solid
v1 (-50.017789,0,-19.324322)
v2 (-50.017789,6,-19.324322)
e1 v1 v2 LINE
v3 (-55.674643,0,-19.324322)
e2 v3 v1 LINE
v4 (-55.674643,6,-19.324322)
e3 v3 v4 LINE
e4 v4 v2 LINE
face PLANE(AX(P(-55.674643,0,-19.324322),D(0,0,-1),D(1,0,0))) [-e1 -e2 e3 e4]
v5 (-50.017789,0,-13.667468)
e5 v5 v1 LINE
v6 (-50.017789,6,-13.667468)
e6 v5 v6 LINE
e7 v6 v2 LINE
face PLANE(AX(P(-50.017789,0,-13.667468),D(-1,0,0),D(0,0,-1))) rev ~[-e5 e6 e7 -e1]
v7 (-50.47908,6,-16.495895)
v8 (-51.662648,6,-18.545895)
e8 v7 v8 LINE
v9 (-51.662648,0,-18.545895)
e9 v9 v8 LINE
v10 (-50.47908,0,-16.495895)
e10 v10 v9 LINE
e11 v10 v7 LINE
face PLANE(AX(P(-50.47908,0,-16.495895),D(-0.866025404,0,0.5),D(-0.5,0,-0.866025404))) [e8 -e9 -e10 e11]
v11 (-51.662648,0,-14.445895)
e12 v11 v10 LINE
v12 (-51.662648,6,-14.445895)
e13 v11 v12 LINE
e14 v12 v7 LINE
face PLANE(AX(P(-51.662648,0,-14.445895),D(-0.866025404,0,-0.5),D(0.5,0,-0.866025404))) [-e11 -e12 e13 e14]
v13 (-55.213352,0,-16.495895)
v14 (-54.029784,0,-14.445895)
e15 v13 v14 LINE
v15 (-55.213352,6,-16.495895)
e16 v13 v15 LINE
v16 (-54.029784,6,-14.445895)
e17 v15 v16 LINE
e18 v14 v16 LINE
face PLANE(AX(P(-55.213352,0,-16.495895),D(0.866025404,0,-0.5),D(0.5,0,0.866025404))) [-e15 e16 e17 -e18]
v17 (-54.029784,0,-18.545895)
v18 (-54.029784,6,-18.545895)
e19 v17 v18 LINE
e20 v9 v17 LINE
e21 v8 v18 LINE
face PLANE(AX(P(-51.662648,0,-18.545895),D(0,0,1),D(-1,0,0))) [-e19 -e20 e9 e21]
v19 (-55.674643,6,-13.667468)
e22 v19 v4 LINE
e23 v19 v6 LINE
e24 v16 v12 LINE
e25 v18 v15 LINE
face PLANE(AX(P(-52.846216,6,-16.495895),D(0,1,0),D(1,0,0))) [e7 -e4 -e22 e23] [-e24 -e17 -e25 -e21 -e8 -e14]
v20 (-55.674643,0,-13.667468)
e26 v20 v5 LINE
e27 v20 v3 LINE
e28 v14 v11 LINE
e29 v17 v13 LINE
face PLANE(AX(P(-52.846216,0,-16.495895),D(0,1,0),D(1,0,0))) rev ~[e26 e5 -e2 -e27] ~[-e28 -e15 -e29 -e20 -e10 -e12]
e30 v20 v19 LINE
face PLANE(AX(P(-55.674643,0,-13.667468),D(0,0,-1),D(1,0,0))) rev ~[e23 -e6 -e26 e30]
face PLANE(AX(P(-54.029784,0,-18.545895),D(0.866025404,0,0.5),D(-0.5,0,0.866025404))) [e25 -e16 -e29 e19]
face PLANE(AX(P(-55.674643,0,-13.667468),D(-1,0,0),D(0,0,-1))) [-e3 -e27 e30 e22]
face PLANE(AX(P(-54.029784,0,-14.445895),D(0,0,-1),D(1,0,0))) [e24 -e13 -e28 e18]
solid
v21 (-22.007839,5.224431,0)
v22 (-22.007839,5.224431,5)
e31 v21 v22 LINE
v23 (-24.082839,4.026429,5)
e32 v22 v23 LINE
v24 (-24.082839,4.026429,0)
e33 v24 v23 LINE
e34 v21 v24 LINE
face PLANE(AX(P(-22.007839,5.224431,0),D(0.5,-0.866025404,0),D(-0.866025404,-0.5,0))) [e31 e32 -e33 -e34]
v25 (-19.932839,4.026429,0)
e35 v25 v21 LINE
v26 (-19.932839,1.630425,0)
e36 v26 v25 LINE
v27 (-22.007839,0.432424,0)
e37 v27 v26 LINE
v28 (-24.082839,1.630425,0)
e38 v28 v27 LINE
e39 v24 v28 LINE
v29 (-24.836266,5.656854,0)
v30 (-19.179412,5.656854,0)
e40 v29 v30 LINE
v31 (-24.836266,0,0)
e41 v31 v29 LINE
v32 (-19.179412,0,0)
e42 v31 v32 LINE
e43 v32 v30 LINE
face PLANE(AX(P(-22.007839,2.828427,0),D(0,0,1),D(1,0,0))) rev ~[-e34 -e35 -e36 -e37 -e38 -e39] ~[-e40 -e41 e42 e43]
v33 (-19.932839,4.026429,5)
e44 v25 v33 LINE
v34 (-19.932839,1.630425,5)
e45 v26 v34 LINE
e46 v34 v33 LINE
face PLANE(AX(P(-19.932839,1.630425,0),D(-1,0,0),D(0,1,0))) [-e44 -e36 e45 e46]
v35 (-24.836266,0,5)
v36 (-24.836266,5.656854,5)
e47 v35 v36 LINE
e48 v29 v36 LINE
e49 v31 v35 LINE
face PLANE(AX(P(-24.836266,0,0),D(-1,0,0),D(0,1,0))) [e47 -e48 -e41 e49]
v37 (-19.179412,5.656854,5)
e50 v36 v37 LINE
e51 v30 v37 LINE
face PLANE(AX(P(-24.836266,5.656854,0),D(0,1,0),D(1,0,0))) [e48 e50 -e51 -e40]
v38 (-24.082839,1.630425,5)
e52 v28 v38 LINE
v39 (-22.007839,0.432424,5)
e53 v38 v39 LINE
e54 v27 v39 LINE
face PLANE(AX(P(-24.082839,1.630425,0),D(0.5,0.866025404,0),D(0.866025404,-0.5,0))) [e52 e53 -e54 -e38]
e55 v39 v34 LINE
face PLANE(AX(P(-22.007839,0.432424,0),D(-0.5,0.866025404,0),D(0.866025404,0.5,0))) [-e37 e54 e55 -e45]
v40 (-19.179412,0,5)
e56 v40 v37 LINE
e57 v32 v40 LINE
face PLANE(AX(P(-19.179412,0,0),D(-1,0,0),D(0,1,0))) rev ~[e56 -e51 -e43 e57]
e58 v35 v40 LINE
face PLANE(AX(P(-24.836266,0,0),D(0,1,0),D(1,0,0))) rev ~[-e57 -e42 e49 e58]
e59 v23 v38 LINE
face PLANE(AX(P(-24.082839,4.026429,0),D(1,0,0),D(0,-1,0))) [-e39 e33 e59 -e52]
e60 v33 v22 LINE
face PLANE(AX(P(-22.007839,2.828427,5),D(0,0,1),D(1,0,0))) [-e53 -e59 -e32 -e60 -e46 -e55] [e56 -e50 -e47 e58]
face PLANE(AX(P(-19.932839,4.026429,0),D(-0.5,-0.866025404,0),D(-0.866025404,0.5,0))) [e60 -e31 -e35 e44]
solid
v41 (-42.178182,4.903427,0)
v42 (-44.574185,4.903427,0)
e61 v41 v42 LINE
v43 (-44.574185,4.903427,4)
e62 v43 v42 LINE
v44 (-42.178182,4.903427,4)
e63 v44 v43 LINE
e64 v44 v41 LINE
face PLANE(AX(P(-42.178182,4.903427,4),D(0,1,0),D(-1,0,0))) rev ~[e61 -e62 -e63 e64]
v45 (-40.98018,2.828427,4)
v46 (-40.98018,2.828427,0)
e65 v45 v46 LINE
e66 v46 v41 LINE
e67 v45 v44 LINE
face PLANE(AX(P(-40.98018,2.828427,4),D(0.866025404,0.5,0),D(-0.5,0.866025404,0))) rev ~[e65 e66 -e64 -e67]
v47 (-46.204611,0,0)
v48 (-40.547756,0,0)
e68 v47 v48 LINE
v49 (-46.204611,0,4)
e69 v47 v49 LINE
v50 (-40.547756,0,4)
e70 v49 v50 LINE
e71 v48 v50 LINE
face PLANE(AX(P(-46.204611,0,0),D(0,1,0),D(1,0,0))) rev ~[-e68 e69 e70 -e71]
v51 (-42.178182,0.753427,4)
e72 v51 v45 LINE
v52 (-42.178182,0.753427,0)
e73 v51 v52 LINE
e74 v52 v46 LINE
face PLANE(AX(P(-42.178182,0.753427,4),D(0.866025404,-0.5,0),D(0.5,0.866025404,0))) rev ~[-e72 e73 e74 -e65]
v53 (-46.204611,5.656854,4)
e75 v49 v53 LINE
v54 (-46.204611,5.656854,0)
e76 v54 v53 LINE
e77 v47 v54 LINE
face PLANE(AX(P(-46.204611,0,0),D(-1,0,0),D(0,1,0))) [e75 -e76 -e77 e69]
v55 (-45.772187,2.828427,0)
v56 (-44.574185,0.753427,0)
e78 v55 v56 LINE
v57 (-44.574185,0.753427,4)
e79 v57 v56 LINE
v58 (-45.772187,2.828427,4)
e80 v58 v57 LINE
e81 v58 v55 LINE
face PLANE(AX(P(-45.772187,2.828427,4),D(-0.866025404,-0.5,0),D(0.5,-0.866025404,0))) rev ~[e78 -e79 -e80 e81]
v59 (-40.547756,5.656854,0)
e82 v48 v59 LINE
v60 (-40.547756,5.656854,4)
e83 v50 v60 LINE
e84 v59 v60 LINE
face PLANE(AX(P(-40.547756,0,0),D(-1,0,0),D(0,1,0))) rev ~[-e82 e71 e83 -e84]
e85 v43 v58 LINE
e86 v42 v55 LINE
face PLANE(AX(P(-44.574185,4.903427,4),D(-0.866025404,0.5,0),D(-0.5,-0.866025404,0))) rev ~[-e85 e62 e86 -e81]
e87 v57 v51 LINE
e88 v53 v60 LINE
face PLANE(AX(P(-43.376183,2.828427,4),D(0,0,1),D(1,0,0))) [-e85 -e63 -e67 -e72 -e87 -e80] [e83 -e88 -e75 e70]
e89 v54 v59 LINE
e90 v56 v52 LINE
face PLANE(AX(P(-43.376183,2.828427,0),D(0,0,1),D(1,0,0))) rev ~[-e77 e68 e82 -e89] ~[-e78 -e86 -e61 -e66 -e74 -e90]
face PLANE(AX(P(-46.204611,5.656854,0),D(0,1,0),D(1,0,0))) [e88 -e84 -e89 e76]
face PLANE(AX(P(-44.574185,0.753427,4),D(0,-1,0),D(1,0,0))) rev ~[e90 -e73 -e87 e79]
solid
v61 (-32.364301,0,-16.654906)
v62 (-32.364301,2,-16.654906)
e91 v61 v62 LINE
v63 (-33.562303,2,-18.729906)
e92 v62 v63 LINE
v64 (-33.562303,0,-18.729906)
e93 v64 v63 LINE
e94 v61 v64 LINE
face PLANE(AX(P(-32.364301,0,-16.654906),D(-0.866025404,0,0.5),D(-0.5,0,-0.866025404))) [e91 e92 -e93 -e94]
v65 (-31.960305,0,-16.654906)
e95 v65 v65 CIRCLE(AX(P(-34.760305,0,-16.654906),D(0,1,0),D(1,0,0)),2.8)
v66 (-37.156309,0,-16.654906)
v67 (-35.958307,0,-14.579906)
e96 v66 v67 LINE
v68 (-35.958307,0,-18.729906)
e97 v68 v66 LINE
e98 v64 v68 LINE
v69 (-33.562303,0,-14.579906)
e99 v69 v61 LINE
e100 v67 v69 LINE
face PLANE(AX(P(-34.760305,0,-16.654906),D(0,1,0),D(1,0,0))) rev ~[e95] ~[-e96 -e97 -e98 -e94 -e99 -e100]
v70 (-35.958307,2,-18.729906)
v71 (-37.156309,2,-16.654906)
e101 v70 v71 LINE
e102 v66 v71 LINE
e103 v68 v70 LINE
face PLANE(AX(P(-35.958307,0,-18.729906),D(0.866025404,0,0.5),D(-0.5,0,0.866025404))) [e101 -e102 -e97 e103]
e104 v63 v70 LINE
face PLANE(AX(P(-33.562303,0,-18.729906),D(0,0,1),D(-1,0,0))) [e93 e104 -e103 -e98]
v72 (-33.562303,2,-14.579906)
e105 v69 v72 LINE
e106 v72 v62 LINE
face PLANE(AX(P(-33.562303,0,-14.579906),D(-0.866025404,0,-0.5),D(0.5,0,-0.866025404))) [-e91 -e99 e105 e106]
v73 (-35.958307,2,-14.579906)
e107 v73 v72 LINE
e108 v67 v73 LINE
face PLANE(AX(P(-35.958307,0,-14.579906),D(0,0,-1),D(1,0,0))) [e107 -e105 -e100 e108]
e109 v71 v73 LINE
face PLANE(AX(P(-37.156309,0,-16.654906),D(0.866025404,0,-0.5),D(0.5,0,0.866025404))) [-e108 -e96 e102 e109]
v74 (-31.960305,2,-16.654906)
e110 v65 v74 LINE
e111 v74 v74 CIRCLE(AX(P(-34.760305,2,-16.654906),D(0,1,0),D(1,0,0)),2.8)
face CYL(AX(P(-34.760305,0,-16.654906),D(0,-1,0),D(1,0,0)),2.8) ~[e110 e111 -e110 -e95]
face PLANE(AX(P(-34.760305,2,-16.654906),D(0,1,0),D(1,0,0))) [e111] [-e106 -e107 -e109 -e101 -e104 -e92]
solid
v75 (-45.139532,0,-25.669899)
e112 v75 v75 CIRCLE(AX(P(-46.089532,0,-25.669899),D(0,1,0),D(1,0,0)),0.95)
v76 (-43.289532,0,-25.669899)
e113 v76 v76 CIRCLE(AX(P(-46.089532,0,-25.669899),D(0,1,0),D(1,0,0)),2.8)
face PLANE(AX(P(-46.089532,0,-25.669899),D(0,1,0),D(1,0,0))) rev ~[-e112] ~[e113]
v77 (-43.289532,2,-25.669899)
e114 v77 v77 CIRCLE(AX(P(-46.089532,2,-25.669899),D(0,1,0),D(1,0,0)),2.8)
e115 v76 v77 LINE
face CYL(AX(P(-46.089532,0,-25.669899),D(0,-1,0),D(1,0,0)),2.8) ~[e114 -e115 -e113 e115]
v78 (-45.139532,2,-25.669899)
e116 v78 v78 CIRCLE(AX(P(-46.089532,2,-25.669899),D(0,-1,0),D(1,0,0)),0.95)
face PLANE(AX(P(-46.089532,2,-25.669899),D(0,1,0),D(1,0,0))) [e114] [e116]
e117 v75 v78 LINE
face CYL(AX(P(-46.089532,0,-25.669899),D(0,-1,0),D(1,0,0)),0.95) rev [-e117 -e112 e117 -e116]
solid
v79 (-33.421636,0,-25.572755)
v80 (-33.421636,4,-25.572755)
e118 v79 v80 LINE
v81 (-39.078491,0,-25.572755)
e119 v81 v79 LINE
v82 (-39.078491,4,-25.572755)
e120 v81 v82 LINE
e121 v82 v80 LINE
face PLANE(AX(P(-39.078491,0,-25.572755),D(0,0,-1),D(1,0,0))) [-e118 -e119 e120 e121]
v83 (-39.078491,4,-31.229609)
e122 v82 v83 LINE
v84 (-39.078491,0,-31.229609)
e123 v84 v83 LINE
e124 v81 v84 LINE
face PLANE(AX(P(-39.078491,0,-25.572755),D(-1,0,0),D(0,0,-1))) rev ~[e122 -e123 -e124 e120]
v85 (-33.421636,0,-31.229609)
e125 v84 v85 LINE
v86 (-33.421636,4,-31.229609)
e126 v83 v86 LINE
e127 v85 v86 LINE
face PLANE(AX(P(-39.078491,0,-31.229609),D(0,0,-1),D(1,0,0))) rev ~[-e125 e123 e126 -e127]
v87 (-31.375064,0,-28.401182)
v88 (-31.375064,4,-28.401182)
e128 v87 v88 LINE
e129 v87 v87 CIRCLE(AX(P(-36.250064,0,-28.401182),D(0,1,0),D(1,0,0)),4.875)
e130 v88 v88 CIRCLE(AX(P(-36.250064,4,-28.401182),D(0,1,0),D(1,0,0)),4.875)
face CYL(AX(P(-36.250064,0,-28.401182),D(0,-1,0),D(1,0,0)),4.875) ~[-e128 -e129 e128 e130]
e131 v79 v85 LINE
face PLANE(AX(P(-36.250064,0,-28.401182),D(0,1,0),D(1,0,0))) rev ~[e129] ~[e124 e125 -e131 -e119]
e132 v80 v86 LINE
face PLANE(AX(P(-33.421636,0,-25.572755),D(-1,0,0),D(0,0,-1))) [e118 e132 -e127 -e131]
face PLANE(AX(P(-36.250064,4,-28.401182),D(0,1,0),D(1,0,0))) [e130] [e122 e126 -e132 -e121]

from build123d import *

# Parameters (mm, degrees)
SKETCH_1_R          = 2.8
EXTRUDE_1_DEPTH     = 6
SKETCH_1_R_2        = 0.95
EXTRUDE_1_2_DEPTH   = 6
SKETCH_1_W          = 5.656854249
SKETCH_1_H          = 5.65685425
EXTRUDE_1_3_DEPTH   = 6
SKETCH_2_R          = 2.8
CUT_EXTRUDE_1_DEPTH = 4
SKETCH_3_R          = 2.8
CUT_EXTRUDE_2_DEPTH = 4
SKETCH_4_R          = 4.875
SKETCH_4_W          = 5.656854249
SKETCH_4_H          = 5.656854249
EXTRUDE_2_DEPTH     = 4
SKETCH_7_W          = 5.65685425
SKETCH_7_H          = 5.656854249
EXTRUDE_3_DEPTH     = 4
CUT_EXTRUDE_3_DEPTH = 4
SKETCH_6_W          = 5.65685425
SKETCH_6_H          = 5.656854249
EXTRUDE_4_DEPTH     = 4
SKETCH_9_R          = 4.757341929
CUT_EXTRUDE_4_DEPTH = 4
SKETCH_15_W         = 9.812239566
SKETCH_15_H         = 9.127664712
EXTRUDE_5_DEPTH     = 4
CUT_EXTRUDE_5_DEPTH = 4
SKETCH_16_W         = 5.65685425
SKETCH_16_H         = 5.656854249
EXTRUDE_6_DEPTH     = 5


with BuildPart() as part:
    # 草图1 → 凸台-拉伸1 (new body)
    with BuildSketch(Plane(origin=(0, 0, 0), x_dir=(1, 0, 0), z_dir=(0, 1, 0))):
        with Locations((-34.760304923, 16.654905742)):
            Circle(SKETCH_1_R)
        Polygon((-32.364301306, 16.654905742), (-33.562303115, 18.729905742), (-35.958306732, 18.729905742), (-37.156308541, 16.654905742), (-35.958306732, 14.579905742), (-33.562303115, 14.579905742), align=None, mode=Mode.SUBTRACT)
    extrude(amount=EXTRUDE_1_DEPTH)

    # 草图3 → 切除-拉伸2 (cut)
    with BuildSketch(Plane(origin=(0, 6, 0), x_dir=(1, 0, 0), z_dir=(0, 1, 0))):
        with Locations((-34.760304923, 16.654905742)):
            Circle(SKETCH_3_R)
    extrude(amount=-CUT_EXTRUDE_2_DEPTH, mode=Mode.SUBTRACT)


with BuildPart() as body_2:
    # 草图1 → Extrude 1 2 (new body)
    with BuildSketch(Plane(origin=(0, 0, 0), x_dir=(1, 0, 0), z_dir=(0, 1, 0))):
        with Locations((-46.089532079, 25.669899162)):
            Circle(SKETCH_1_R)
        with Locations((-46.089532079, 25.669899162)):
            Circle(SKETCH_1_R_2, mode=Mode.SUBTRACT)
    extrude(amount=EXTRUDE_1_2_DEPTH)

    # 草图2 → 切除-拉伸1 (cut)
    with BuildSketch(Plane(origin=(0, 6, 0), x_dir=(1, 0, 0), z_dir=(0, 1, 0))):
        with Locations((-46.089532079, 25.669899162)):
            Circle(SKETCH_2_R)
    extrude(amount=-CUT_EXTRUDE_1_DEPTH, mode=Mode.SUBTRACT)


with BuildPart() as body_3:
    # 草图1 → Extrude 1 3 (new body)
    with BuildSketch(Plane(origin=(0, 0, 0), x_dir=(1, 0, 0), z_dir=(0, 1, 0))):
        with Locations((-52.84621627, 16.49589495)):
            Rectangle(SKETCH_1_W, SKETCH_1_H)
        Polygon((-50.479080166, 16.49589495), (-51.662648218, 18.54589495), (-54.029784321, 18.54589495), (-55.213352373, 16.49589495), (-54.029784321, 14.44589495), (-51.662648218, 14.44589495), align=None, mode=Mode.SUBTRACT)
    extrude(amount=EXTRUDE_1_3_DEPTH)


with BuildPart() as body_4:
    # 草图4 → 凸台-拉伸2 (new body)
    with BuildSketch(Plane(origin=(0, 0, 0), x_dir=(1, 0, 0), z_dir=(0, 1, 0))):
        with Locations((-36.250063578, 28.401181635)):
            Circle(SKETCH_4_R)
        with Locations((-36.250063578, 28.401181635)):
            Rectangle(SKETCH_4_W, SKETCH_4_H, mode=Mode.SUBTRACT)
    extrude(amount=EXTRUDE_2_DEPTH)


with BuildPart() as body_5:
    # 草图7 → 凸台-拉伸3 (new body)
    with BuildSketch(Plane.XY):
        with Locations((-43.376183392, 2.828427125)):
            Rectangle(SKETCH_7_W, SKETCH_7_H)
    extrude(amount=EXTRUDE_3_DEPTH)

    # 草图8 → 切除-拉伸3 (cut)
    with BuildSketch(Plane.XY.offset(4)):
        Polygon((-40.980179775, 2.828427125), (-42.178181584, 4.903427125), (-44.574185201, 4.903427125), (-45.772187009, 2.828427125), (-44.574185201, 0.753427125), (-42.178181584, 0.753427125), align=None)
    extrude(amount=-CUT_EXTRUDE_3_DEPTH, mode=Mode.SUBTRACT)


with BuildPart() as body_6:
    # 草图6 → 凸台-拉伸4 (new body)
    with BuildSketch(Plane(origin=(0, 0, 0), x_dir=(1, 0, 0), z_dir=(0, 1, 0))):
        with Locations((-43.376183392, 17.525126096)):
            Rectangle(SKETCH_6_W, SKETCH_6_H)
    extrude(amount=EXTRUDE_4_DEPTH)

    # 草图9 → 切除-拉伸4 (cut)
    with BuildSketch(Plane(origin=(0, 4, 0), x_dir=(1, 0, 0), z_dir=(0, 1, 0))):
        with Locations((-43.450707385, 17.511400193)):
            Circle(SKETCH_9_R)
    extrude(amount=-CUT_EXTRUDE_4_DEPTH, mode=Mode.SUBTRACT)


with BuildPart() as body_6_2:
    # 草图15 → 凸台-拉伸5 (new body)
    with BuildSketch(Plane(origin=(0, 0, 0), x_dir=(1, 0, 0), z_dir=(0, 1, 0))):
        with Locations((-19.930146637, 14.162247717)):
            Rectangle(SKETCH_15_W, SKETCH_15_H)
    extrude(amount=EXTRUDE_5_DEPTH)

    # 草图17 → 切除-拉伸5 (cut)
    with BuildSketch(Plane(origin=(0, 4, 0), x_dir=(1, 0, 0), z_dir=(0, 1, 0))):
        Polygon((-26.76182384, 19.295189445), (-26.76182384, 9.470114101), (-13.070399402, 9.470114101), (-13.434291082, 20.705269703), align=None)
    extrude(amount=-CUT_EXTRUDE_5_DEPTH, mode=Mode.SUBTRACT)


with BuildPart() as body_6_3:
    # 草图16 → 凸台-拉伸6 (new body)
    with BuildSketch(Plane.XY):
        with Locations((-22.007839295, 2.828427125)):
            Rectangle(SKETCH_16_W, SKETCH_16_H)
        Polygon((-22.007839295, 5.224430742), (-24.082839295, 4.026428933), (-24.082839295, 1.630425316), (-22.007839295, 0.432423508), (-19.932839295, 1.630425316), (-19.932839295, 4.026428933), align=None, mode=Mode.SUBTRACT)
    extrude(amount=EXTRUDE_6_DEPTH)


solid = Compound([part.part, body_2.part, body_3.part, body_4.part, body_5.part, body_6_3.part])
